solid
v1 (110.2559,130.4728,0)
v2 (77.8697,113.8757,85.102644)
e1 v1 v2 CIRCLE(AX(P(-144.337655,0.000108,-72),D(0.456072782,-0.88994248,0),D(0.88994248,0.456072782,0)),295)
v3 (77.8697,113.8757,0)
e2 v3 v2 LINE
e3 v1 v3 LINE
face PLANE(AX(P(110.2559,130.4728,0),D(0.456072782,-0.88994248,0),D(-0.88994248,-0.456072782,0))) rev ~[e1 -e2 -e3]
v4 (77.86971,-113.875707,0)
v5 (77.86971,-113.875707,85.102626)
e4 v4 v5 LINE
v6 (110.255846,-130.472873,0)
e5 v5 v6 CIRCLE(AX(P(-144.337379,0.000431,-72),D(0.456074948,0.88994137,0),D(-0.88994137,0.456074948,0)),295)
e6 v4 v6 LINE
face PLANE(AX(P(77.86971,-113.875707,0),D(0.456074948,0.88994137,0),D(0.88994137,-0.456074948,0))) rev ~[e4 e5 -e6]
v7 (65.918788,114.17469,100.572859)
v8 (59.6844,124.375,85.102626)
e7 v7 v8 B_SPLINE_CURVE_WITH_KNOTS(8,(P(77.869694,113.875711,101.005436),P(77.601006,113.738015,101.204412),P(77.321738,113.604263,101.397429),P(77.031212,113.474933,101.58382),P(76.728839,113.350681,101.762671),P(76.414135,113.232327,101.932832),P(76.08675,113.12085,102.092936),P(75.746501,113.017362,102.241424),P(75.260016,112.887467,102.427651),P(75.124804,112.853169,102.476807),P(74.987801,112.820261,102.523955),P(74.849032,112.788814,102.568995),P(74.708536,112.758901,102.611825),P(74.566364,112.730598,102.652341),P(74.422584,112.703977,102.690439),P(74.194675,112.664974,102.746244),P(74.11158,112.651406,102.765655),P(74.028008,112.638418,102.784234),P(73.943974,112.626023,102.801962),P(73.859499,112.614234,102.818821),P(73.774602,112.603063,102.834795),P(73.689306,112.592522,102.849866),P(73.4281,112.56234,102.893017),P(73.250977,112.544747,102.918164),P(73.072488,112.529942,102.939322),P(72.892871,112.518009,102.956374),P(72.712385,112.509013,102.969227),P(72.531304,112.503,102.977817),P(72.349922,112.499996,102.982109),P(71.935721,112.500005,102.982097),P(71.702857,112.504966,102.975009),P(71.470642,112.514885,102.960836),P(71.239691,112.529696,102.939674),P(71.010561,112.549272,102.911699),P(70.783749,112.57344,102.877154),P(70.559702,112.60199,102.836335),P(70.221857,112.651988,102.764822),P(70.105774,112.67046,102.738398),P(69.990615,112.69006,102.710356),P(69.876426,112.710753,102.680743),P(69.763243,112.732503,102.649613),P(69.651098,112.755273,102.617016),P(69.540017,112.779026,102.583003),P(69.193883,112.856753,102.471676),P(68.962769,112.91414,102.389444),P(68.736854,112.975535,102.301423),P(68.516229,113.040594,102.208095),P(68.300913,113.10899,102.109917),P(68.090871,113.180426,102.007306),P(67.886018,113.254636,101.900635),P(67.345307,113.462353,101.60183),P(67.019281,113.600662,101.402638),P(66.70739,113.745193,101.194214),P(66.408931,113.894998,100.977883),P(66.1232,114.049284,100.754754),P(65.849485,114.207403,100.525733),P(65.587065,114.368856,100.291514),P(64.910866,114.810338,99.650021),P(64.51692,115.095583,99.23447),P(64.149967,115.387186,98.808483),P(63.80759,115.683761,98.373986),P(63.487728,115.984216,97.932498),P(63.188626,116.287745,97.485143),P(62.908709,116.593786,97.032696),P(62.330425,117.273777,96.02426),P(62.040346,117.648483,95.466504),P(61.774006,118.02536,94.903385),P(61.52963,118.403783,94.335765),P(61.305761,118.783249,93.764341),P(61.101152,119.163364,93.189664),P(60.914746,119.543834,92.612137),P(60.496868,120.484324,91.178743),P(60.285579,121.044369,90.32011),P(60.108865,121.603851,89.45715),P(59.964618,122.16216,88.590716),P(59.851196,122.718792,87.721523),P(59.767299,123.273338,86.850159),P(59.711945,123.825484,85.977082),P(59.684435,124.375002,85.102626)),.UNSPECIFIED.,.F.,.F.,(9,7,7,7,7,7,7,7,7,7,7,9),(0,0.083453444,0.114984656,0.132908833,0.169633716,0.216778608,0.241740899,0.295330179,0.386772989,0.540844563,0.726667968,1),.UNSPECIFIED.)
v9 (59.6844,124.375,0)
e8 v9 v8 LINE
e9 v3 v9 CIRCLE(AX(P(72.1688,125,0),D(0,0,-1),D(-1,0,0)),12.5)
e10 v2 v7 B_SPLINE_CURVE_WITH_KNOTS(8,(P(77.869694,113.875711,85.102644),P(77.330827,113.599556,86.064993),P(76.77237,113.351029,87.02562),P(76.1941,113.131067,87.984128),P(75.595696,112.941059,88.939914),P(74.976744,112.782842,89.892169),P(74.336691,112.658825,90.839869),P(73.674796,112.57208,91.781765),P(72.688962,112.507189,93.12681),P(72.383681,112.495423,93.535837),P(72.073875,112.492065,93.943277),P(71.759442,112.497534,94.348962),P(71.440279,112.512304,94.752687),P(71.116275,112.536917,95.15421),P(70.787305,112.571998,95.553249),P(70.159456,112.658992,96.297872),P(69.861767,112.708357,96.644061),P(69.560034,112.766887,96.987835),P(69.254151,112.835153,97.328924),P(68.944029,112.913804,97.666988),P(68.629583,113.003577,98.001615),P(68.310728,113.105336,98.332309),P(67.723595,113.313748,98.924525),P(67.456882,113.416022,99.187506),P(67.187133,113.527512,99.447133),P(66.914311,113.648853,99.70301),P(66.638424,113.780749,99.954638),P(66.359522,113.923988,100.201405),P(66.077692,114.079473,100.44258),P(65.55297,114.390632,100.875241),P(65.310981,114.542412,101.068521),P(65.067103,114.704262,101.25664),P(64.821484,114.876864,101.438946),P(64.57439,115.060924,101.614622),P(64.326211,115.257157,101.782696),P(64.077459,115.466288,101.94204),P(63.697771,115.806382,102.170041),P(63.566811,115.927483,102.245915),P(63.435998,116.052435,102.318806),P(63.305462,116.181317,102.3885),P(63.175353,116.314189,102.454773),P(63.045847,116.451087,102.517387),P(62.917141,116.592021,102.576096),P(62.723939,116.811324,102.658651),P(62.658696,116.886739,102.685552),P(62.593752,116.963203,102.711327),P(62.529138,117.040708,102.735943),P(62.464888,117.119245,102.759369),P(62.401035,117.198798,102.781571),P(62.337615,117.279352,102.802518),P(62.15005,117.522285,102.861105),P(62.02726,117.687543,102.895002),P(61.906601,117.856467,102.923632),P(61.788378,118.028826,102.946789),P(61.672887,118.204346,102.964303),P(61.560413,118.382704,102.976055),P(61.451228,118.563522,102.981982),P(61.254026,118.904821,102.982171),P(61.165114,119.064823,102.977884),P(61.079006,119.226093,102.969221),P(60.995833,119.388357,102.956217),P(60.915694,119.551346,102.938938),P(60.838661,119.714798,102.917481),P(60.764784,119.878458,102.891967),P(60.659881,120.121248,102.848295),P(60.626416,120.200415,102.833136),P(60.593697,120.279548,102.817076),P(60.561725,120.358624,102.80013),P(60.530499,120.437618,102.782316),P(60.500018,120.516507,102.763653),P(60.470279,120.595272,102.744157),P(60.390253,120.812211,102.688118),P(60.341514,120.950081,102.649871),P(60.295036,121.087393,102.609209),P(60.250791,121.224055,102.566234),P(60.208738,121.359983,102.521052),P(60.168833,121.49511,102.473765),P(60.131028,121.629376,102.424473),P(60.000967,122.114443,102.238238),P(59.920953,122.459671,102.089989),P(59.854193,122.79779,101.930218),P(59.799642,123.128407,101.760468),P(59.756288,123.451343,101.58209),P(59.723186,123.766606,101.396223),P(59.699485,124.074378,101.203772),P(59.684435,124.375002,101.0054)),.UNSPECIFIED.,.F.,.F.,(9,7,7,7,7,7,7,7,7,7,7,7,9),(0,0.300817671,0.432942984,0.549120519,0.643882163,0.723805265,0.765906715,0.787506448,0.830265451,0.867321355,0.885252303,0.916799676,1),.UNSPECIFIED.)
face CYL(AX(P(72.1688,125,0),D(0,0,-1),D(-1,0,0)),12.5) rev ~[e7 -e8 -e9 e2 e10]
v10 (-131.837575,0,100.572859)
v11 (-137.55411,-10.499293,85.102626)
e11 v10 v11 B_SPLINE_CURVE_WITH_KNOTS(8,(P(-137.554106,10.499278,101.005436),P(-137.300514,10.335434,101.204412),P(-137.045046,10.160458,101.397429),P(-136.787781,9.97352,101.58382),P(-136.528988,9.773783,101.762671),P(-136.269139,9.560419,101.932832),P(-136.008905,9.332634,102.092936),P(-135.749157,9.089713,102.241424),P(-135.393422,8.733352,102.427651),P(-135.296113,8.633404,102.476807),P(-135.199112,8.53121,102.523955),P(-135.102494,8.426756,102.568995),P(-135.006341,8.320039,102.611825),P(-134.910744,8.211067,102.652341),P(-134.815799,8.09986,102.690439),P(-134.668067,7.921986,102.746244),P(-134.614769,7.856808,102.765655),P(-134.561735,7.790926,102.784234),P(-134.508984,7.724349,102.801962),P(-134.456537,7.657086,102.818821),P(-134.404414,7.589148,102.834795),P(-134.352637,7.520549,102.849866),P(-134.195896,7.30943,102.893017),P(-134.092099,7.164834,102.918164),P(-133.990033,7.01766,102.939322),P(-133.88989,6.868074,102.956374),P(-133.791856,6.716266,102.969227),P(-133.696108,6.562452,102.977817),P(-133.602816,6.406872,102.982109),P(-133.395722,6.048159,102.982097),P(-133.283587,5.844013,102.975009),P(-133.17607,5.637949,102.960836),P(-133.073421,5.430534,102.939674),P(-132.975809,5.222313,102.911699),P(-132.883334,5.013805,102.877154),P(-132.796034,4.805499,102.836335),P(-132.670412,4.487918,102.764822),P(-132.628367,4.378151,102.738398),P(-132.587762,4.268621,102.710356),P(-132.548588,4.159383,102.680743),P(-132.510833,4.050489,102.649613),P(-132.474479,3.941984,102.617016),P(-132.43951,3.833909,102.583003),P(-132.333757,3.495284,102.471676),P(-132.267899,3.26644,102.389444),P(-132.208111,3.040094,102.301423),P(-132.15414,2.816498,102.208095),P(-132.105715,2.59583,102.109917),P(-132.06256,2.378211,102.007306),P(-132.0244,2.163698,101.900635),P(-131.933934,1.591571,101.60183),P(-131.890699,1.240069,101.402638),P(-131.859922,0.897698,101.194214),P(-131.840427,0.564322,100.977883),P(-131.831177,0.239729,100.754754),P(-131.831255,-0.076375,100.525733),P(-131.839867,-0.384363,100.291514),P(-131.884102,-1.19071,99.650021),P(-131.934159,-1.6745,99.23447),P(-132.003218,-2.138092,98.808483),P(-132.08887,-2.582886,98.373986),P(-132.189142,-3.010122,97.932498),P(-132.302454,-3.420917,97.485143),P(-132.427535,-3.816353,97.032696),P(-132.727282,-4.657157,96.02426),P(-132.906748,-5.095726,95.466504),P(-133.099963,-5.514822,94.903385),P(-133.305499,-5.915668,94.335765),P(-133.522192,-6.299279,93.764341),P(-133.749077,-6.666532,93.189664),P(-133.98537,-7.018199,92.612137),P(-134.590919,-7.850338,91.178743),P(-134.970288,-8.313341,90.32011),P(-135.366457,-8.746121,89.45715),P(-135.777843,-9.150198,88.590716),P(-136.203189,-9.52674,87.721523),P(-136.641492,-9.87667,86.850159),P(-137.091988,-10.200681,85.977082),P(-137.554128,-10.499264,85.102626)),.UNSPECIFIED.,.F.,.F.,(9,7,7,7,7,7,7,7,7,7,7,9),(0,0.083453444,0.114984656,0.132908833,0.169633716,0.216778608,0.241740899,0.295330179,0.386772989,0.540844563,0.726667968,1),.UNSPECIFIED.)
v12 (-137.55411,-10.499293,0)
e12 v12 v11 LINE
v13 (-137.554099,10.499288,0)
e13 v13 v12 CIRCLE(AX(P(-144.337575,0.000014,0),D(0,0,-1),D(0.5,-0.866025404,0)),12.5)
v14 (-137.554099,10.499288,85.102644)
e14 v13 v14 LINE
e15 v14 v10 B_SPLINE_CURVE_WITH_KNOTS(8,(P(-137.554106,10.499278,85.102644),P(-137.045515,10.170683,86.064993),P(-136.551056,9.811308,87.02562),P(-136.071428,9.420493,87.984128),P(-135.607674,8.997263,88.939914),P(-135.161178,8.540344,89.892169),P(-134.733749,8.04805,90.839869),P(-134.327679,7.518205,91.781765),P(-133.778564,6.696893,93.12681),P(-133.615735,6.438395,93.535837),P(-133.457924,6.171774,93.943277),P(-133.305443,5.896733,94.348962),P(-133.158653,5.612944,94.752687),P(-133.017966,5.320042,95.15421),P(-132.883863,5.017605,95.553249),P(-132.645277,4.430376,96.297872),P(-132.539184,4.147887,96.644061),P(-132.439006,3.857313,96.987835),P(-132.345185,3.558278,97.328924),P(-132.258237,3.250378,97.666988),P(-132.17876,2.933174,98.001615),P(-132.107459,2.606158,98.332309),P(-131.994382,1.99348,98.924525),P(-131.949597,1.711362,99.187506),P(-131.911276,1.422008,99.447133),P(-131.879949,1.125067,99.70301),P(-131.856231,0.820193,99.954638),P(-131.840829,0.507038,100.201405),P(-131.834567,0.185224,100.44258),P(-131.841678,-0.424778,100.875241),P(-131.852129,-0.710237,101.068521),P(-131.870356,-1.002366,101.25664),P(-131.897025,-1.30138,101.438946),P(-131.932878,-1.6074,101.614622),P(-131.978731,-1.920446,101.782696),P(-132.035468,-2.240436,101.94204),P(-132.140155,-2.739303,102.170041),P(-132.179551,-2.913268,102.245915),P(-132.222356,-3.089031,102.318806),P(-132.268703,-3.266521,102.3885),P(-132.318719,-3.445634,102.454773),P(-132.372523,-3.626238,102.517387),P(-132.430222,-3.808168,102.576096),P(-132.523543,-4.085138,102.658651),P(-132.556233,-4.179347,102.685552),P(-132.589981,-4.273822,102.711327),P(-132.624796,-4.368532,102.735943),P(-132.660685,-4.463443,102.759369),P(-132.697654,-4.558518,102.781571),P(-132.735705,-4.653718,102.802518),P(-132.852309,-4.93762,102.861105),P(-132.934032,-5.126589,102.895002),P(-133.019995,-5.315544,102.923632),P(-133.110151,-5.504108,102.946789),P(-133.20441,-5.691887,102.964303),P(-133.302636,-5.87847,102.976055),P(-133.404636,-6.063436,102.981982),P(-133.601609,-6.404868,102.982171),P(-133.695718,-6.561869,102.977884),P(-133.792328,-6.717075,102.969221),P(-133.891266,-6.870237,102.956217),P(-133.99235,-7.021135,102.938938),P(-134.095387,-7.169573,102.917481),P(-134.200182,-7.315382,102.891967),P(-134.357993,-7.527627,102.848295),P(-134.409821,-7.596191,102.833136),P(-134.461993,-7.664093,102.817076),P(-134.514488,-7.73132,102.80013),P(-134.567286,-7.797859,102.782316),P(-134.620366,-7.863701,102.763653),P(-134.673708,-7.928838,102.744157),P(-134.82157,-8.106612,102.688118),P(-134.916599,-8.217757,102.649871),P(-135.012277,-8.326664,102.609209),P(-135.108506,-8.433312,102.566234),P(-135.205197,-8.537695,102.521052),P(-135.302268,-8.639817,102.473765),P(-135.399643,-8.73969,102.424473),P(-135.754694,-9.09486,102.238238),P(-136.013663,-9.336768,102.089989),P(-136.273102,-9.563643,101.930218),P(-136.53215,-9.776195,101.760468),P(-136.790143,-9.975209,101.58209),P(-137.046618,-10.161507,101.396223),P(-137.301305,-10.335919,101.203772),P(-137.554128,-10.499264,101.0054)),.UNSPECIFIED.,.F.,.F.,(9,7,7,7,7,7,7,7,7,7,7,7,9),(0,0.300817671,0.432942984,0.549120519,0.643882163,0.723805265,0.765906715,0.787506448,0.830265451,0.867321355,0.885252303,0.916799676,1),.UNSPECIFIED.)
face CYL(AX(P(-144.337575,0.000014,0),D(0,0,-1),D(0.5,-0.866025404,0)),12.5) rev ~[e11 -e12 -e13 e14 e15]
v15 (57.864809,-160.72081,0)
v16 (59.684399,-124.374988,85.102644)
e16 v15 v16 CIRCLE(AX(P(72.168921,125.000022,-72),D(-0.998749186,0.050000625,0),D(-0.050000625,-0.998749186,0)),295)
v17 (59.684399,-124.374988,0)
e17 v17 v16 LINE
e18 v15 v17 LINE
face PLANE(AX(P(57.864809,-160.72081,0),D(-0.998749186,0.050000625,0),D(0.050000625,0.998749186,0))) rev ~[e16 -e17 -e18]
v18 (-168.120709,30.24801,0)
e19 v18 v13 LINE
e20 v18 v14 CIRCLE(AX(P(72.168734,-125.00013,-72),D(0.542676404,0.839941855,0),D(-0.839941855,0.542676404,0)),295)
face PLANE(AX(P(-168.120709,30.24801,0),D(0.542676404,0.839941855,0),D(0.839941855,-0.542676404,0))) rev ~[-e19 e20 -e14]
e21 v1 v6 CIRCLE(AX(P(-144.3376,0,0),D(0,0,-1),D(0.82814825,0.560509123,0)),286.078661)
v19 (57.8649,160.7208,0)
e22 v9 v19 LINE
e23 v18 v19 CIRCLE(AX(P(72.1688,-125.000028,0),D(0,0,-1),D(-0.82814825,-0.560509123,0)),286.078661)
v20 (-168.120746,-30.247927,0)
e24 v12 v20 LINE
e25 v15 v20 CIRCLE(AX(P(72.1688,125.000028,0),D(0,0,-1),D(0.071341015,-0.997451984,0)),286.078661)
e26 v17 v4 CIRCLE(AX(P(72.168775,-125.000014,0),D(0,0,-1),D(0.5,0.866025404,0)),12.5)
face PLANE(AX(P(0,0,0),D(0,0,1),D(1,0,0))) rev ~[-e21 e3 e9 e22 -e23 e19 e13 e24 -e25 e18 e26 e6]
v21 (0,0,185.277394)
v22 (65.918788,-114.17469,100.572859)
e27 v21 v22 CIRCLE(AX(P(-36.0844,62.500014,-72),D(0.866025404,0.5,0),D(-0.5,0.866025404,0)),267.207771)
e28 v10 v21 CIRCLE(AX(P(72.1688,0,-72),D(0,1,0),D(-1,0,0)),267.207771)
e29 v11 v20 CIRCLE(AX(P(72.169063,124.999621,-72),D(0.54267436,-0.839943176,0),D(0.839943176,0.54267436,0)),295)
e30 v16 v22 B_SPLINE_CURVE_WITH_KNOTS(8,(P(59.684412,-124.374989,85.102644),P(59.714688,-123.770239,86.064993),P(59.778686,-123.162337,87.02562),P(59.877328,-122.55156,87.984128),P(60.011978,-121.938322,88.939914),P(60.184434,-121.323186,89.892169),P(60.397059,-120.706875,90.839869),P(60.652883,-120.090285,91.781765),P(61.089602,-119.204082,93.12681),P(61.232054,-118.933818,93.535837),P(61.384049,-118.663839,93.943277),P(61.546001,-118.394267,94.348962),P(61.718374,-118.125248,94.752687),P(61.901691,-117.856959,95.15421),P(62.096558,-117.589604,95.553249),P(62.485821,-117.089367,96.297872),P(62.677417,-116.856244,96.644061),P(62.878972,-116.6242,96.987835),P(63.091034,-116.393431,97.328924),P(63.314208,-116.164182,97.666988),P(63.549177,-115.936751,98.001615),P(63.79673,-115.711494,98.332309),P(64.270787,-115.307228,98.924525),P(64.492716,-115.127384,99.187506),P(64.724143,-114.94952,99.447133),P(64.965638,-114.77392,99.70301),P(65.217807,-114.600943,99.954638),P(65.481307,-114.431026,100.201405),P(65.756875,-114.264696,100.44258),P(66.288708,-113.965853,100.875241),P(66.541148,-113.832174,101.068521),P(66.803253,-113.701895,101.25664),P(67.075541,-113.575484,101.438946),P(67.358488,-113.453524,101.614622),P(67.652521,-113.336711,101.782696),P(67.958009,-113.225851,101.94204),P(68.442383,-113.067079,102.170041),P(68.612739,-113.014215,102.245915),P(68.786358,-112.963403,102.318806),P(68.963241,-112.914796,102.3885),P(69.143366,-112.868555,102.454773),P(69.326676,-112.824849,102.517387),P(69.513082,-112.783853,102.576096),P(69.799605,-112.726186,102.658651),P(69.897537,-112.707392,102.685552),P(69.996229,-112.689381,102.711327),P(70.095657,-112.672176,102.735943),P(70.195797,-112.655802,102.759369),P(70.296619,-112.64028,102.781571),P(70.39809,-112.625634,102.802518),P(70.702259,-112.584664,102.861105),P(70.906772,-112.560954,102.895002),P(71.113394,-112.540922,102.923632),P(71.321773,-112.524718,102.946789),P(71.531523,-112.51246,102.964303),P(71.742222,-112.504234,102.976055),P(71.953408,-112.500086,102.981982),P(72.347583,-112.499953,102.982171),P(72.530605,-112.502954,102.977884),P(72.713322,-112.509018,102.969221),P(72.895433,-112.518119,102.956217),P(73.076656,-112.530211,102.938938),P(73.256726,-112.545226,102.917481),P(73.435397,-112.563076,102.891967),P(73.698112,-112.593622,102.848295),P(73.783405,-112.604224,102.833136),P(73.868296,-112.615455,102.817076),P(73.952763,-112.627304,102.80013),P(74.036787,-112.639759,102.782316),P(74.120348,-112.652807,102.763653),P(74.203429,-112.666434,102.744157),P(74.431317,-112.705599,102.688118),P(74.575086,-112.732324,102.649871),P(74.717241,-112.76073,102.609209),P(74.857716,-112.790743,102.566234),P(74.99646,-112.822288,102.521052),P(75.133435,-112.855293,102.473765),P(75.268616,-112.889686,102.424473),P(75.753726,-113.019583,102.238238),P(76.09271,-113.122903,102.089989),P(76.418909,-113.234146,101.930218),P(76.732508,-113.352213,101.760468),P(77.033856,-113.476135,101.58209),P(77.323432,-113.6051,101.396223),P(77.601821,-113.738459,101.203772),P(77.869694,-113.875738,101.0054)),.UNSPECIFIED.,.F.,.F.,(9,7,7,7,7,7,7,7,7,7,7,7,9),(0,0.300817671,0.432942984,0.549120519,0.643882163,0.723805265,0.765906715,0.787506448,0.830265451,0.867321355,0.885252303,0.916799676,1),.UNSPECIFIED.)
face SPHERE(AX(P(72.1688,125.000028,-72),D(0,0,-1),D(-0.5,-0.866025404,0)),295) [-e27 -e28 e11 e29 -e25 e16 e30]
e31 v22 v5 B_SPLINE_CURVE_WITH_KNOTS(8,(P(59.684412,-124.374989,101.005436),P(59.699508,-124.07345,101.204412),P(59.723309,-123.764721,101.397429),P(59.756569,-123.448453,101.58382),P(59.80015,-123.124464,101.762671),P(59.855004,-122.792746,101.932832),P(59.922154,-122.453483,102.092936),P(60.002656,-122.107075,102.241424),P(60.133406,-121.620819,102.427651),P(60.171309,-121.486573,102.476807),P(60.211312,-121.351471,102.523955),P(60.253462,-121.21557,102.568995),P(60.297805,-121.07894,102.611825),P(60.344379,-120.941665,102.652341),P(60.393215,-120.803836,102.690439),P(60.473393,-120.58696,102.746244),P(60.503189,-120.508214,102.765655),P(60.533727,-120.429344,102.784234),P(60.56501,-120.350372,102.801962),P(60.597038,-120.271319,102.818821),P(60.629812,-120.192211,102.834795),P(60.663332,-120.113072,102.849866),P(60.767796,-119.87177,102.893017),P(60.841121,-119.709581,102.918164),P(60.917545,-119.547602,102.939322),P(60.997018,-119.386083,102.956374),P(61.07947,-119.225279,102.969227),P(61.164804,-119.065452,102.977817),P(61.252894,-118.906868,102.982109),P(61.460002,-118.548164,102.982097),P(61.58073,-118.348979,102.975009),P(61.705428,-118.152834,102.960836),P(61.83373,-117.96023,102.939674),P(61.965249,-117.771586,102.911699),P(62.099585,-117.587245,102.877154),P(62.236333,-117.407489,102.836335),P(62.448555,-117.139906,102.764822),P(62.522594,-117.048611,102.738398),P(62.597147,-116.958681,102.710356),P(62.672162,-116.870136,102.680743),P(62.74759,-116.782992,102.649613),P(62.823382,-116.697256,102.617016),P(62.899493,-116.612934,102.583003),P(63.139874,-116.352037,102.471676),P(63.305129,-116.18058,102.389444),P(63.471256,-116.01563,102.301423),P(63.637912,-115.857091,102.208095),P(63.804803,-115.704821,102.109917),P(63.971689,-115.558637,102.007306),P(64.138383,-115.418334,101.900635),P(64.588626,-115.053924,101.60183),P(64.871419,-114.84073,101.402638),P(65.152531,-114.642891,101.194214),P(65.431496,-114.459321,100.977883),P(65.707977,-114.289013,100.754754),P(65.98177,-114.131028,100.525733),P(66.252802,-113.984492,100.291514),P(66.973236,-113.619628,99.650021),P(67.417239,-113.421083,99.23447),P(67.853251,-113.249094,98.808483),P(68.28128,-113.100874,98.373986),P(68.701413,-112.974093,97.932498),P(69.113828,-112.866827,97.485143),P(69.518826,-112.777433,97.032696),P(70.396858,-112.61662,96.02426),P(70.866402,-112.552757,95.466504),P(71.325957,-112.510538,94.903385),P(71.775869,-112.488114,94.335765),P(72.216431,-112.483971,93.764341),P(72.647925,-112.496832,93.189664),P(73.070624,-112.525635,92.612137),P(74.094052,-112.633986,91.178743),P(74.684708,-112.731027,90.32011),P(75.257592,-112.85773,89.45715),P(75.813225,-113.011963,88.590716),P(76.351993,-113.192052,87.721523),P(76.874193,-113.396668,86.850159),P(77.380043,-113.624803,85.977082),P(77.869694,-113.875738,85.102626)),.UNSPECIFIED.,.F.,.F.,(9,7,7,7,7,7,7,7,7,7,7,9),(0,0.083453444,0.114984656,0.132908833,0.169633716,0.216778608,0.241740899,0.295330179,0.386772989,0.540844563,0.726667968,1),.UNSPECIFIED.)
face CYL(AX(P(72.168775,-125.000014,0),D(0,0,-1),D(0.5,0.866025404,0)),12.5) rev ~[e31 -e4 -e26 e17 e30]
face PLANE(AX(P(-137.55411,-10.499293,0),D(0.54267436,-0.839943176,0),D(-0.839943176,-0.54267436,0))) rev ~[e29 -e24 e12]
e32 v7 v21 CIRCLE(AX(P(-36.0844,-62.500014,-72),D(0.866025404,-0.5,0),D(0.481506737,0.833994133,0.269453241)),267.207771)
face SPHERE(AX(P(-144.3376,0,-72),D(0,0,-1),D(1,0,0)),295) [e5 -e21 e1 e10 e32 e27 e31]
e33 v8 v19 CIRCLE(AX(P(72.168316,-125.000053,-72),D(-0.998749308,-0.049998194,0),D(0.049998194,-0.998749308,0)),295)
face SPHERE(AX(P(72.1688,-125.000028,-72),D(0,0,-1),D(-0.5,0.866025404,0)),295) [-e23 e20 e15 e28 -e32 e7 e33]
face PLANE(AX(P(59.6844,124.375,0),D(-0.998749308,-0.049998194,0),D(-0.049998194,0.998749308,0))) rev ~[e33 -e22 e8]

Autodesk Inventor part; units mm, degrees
ref_plane "YZ Plane" through (0, 0, 0) normal (1, 0, 0) x (0, 1, 0)
ref_plane "XZ Plane" through (0, 0, 0) normal (0, 1, 0) x (-1, 0, 0)
ref_plane "XY Plane" through (0, 0, 0) normal (0, 0, 1) x (1, 0, 0)
sketch "Sketch1" plane through (0, 0, 0) normal (0, 0, 1) x (1, 0, 0)
  circle A0 centre (0, 0) radius 500
  dimension "d0" = 1000
extrude "Extrusion1" add sketch "Sketch1" along normal blind 1000
sketch "Sketch2" plane through (0, 0, 0) normal (0, 1, 0) x (-1, 0, 0)
  line L0 (144.3376, 0) -> (-72.1688, -125)
  line L1 (-72.1688, -125) -> (-72.1688, 125)
  line L2 (-72.1688, 125) -> (144.3376, 0)
  line L3 (144.3376, 0) -> (144.3376, -72)
  arc A0 (144.3376, 223) -> (144.3376, -367) centre (144.3376, -72) ccw
  line L4 (144.3376, 0) -> (144.3376, 223)
  line L5 (144.3376, -72) -> (144.3376, -367)
  line L6 (144.3376, -367) -> (144.3376, 223)
  line L7 (144.3376, -367) -> (-768.1743, -367)
  line L8 (-768.1743, -367) -> (-768.1743, 1365.1918)
  line L9 (-768.1743, 1365.1918) -> (144.3376, 1365.1918)
  line L10 (144.3376, 1365.1918) -> (144.3376, 223)
  point P0 (0, 0)
  point P1 (0, 0)
  dimension "d4" = 250
  dimension "d5" = 72
  dimension "d6" = 590
  dimension "d7" = 1732.1918
  dimension "d8" = 912.5119
revolve "Revolution1" cut sketch "Sketch2" angle 360 about axis through (-144.3376, 0, 1365.1918) along (0, 0, -1) contours A0 L7 L8 L9 L10
pattern_circular "Circular Pattern1" count 3 over 360 about axis through (0, 0, -10) along (0, 0, 1) of "Revolution1"
sketch "Sketch3" plane through (0, 0, 0) normal (0, 0, -1) x (-1, 0, 0)
  arc A0 (-92.578, -160.3497) -> (185.1559, 0) centre (-72.1688, 125) ccw projected
  arc A1 (185.1559, 0) -> (-92.578, 160.3497) centre (-72.1688, -125) ccw projected
  arc A2 (-92.578, 160.3497) -> (-92.578, -160.3497) centre (144.3376, 0) ccw projected
  circle A3 centre (-72.1688, 125) radius 12.5
  line L0 (-110.2559, 130.4728) -> (-77.8697, 113.8757)
  line L1 (-59.6844, 124.375) -> (-57.8649, 160.7208)
  point P0 (0, 0)
  dimension "d13" = 25
extrude "Extrusion2" cut sketch "Sketch3" against normal blind 1000 contours A2 A1 L1 A3 L0 | A3
pattern_circular "Circular Pattern2" count 3 over 360 about axis through (0, 0, -10) along (0, 0, 1) of "Extrusion2"
properties part number "WORK ENVELOPE"
